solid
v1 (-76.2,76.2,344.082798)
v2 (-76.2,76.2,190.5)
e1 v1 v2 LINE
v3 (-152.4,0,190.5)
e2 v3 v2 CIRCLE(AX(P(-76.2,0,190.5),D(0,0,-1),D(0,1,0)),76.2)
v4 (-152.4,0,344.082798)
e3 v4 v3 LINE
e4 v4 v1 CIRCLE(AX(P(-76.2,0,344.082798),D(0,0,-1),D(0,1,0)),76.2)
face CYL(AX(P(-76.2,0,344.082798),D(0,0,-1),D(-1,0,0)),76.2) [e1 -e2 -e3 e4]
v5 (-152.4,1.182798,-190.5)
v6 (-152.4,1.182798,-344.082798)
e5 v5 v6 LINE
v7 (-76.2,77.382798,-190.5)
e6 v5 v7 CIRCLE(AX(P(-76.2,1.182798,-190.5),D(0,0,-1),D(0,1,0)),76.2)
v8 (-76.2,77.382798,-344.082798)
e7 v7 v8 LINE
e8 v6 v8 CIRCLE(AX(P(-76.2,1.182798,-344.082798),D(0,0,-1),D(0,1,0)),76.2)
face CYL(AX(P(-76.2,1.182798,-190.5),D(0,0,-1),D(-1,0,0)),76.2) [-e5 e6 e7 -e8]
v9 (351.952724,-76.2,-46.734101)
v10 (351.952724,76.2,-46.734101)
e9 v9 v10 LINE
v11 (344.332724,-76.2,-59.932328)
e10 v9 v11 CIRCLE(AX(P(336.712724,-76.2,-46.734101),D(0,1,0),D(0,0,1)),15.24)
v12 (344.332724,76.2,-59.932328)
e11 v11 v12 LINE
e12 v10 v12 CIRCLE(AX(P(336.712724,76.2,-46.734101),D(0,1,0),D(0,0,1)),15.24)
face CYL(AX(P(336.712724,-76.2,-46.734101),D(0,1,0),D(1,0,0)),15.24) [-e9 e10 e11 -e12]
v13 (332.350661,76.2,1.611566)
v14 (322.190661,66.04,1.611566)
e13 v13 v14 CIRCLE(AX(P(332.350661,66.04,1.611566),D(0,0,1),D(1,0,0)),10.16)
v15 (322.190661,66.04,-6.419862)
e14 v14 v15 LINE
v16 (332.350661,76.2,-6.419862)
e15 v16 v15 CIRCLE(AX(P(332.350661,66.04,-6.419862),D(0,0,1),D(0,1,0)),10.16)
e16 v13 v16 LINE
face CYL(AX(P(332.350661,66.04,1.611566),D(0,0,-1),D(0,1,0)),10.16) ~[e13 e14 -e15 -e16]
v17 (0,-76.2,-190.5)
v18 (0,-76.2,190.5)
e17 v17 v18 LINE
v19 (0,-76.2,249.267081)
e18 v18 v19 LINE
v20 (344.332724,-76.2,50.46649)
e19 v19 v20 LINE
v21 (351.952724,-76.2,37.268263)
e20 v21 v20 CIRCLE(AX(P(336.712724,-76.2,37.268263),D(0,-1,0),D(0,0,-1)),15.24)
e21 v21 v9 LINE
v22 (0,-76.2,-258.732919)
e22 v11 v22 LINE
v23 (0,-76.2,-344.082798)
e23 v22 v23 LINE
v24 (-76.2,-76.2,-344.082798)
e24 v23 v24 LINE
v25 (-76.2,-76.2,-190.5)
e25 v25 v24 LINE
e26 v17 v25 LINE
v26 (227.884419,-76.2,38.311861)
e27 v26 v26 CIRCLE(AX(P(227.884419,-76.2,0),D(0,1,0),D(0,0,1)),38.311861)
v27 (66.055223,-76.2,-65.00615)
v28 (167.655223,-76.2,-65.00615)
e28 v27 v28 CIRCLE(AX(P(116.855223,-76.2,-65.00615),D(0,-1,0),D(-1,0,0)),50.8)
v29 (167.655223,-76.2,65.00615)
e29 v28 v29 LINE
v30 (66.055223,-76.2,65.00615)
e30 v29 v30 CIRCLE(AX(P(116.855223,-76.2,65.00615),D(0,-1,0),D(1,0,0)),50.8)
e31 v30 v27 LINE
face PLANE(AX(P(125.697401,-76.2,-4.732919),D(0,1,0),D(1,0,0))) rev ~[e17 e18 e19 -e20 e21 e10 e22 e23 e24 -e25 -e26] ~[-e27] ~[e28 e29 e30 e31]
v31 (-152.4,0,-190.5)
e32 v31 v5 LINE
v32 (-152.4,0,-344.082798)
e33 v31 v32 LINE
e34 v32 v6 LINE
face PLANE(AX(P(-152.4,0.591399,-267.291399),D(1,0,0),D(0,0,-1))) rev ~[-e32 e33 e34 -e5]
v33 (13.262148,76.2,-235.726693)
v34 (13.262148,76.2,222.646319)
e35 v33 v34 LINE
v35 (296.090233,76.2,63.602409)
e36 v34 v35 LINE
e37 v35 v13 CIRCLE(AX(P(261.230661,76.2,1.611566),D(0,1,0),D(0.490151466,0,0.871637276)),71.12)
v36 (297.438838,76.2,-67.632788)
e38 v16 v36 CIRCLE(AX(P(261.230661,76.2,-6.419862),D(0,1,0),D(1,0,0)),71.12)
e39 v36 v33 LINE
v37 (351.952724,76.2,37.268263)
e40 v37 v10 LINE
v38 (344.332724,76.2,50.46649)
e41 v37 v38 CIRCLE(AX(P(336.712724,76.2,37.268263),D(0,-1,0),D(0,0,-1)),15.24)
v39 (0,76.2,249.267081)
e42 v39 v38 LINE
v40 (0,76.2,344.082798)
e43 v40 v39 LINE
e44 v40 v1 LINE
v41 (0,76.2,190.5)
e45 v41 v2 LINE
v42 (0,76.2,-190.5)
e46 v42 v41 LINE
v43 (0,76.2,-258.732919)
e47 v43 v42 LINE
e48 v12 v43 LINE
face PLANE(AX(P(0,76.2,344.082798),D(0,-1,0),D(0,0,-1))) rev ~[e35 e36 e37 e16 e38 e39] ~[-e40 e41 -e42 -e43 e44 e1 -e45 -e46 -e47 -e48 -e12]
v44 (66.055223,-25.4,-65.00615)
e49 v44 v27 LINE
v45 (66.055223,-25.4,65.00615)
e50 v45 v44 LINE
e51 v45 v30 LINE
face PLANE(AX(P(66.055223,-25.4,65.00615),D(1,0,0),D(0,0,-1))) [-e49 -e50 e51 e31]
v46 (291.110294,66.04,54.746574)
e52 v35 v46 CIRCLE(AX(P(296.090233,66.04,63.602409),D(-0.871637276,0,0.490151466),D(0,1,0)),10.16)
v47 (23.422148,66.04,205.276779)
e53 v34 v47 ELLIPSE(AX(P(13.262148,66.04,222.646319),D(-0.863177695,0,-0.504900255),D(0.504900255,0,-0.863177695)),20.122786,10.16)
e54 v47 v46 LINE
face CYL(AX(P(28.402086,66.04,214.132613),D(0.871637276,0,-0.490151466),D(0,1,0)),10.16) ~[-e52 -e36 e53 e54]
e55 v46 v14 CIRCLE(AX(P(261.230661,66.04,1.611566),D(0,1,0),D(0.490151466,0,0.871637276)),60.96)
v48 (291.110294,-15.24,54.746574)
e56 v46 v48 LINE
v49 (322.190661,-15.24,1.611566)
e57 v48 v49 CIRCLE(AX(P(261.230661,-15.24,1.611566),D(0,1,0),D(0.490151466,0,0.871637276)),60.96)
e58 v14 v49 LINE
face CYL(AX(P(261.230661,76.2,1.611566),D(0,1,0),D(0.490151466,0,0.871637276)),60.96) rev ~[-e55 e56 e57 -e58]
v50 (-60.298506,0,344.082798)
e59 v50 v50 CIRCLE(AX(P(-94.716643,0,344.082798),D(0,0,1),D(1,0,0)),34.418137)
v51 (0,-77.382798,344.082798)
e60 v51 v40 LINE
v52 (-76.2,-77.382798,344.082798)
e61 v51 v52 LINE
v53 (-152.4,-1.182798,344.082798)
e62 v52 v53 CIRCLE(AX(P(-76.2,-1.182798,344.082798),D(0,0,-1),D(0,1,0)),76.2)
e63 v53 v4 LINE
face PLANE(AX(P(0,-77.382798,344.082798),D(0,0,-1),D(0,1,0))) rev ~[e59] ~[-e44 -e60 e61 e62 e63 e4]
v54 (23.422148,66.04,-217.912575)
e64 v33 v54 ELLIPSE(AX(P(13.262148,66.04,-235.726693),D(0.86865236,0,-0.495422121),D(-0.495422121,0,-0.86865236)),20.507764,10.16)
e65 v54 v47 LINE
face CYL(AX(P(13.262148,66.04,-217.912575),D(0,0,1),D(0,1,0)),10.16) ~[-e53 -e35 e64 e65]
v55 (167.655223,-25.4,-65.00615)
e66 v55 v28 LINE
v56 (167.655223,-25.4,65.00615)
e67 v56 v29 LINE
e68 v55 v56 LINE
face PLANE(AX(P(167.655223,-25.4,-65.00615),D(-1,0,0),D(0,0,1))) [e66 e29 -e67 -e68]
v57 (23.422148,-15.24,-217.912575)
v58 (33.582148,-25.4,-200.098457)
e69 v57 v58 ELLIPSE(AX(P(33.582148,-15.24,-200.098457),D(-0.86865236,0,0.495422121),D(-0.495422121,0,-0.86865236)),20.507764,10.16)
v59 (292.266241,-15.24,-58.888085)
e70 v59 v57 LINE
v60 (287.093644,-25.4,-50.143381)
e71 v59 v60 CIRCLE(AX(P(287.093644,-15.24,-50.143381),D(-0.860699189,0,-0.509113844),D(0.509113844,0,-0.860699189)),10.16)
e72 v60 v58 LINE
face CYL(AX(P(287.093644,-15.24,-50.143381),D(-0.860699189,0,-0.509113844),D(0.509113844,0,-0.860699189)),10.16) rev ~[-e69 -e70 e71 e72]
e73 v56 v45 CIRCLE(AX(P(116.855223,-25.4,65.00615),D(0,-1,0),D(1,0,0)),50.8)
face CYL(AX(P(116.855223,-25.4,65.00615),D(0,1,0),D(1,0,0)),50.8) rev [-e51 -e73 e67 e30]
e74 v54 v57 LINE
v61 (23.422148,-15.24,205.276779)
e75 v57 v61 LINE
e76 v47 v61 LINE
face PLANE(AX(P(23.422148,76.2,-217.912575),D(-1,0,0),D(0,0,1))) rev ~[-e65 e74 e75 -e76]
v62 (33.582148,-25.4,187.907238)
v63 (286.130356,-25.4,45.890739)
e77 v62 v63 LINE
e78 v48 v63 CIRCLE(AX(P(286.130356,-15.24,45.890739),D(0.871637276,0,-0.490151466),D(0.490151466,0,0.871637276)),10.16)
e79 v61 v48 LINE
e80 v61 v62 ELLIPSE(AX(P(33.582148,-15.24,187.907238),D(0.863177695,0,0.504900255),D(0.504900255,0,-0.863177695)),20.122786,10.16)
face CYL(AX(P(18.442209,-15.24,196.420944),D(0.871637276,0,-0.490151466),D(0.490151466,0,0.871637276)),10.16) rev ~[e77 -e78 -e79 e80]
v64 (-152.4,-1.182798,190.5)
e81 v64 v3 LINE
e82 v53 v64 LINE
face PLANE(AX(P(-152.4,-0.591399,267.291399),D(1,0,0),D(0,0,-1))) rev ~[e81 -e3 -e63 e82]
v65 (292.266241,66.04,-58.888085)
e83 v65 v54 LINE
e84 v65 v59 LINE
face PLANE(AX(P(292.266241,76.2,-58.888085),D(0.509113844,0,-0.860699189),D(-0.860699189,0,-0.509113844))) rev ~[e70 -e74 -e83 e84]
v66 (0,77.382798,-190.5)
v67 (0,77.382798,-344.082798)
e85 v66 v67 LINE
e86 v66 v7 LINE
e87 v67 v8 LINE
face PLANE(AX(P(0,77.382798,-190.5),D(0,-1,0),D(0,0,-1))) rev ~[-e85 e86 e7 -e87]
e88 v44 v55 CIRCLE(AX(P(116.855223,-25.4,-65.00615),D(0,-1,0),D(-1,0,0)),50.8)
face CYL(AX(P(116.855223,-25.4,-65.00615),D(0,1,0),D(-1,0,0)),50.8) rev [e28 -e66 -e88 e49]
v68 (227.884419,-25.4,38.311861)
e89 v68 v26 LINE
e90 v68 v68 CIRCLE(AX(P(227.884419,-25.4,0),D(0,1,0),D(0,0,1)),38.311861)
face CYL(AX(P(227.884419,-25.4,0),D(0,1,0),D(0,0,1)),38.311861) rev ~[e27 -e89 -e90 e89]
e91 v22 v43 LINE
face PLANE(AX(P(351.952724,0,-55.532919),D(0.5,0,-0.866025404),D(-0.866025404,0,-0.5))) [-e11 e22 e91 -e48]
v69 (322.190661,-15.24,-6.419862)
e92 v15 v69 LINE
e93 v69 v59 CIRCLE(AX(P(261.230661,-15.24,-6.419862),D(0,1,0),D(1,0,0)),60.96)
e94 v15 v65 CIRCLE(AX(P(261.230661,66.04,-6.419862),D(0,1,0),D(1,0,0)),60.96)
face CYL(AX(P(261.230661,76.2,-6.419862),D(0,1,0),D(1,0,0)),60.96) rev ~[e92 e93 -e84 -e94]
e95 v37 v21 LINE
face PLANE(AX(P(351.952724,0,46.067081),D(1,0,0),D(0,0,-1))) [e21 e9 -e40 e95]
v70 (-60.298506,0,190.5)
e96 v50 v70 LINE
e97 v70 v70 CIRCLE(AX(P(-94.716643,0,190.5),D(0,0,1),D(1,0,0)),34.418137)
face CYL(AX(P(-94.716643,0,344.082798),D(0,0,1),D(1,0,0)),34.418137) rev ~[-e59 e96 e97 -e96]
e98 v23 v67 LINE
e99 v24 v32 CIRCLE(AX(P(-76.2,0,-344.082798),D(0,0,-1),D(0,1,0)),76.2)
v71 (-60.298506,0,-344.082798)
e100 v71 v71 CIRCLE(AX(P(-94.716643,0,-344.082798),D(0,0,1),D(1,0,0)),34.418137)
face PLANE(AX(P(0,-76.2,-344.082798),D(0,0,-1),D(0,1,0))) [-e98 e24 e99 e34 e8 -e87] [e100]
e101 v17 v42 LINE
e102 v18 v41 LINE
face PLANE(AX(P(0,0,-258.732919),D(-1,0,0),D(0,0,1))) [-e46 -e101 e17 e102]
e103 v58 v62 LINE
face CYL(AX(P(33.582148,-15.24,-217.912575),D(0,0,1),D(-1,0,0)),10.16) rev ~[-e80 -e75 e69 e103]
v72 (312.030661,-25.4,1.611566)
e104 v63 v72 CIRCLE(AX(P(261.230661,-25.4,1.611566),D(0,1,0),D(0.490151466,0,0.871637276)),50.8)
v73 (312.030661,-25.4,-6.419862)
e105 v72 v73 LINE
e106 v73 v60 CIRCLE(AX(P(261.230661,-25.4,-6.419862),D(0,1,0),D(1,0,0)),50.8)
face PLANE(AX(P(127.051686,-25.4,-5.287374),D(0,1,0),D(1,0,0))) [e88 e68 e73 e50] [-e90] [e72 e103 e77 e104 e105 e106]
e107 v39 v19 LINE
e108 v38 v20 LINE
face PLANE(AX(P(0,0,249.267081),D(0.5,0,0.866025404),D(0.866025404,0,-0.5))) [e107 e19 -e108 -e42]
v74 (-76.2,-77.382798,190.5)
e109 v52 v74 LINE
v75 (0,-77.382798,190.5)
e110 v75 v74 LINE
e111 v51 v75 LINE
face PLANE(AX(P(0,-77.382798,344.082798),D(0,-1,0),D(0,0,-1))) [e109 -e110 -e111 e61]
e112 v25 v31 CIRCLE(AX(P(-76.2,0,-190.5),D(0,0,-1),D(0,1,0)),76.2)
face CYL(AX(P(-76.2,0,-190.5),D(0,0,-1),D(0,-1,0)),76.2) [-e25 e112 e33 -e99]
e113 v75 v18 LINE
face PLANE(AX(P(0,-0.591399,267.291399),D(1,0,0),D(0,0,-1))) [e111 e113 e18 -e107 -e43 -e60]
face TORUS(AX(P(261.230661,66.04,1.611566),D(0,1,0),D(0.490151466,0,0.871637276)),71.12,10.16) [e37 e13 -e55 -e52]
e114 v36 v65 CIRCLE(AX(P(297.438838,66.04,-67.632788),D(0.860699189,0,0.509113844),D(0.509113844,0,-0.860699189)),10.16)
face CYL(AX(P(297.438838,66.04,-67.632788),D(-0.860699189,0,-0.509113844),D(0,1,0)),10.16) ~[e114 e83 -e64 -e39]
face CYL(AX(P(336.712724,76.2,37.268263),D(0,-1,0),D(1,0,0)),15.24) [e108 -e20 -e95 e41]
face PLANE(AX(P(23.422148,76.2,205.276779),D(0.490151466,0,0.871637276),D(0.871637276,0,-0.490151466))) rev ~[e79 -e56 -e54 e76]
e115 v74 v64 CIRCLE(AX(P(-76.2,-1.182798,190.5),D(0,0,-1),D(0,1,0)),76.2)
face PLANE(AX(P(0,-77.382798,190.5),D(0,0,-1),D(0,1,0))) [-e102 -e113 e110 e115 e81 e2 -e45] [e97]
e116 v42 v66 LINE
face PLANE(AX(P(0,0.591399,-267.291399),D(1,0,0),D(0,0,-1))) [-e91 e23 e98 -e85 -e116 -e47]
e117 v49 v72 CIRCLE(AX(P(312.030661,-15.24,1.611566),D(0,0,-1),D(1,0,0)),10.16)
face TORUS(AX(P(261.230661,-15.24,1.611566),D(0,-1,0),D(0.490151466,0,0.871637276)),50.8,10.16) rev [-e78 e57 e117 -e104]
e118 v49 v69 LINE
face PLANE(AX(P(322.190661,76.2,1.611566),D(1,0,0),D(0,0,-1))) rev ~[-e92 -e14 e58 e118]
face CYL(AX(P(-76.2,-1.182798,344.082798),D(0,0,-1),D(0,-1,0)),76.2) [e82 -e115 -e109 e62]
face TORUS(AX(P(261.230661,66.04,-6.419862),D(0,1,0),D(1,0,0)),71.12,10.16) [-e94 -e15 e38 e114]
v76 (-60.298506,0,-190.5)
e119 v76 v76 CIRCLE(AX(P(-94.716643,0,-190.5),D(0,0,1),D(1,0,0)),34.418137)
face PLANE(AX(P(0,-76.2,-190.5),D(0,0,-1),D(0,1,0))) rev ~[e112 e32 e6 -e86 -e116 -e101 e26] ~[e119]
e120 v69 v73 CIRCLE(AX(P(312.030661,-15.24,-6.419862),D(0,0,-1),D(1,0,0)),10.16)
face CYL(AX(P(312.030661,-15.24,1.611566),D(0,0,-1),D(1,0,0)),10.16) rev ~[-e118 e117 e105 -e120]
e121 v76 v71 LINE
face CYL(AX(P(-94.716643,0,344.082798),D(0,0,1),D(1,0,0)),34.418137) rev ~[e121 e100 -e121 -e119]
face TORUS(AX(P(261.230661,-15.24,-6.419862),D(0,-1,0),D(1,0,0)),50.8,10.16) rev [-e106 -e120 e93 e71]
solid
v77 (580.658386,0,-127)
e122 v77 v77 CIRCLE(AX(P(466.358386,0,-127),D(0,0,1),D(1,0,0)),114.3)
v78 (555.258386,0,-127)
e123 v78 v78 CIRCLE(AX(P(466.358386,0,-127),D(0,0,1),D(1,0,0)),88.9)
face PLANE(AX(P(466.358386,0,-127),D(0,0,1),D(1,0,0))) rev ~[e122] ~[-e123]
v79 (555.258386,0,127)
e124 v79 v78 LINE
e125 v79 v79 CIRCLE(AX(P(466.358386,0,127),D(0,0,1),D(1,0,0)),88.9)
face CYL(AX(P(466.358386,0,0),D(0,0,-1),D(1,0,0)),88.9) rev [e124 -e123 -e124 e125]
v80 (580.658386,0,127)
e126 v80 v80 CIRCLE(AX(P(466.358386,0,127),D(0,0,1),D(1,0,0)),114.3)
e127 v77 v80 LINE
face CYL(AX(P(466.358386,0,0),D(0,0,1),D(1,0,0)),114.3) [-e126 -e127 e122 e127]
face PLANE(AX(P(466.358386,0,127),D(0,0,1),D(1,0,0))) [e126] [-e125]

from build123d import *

# Parameters (mm, degrees)
BOSS_EXTRUDE1_DEPTH = 76.2
CUT_EXTRUDE1_DEPTH  = 101.6
SKETCH4_R           = 38.311860733
CUT_EXTRUDE2_DEPTH  = 50.8
FILLET1_R           = 10.16
SKETCH5_R           = 114.3
SKETCH5_R_2         = 88.9
BOSS_EXTRUDE2_DEPTH = 127
FILLET2_R           = 15.24
SKETCH7_W           = 153.582797675
SKETCH7_H           = 153.582797675
BOSS_EXTRUDE3_DEPTH = 152.4
SKETCH8_R           = 34.418137162
CUT_EXTRUDE3_DEPTH  = 778.002
FILLET3_R           = 76.2


with BuildPart() as part:
    # Sketch2 → Boss-Extrude1 (new, symmetric)
    with BuildSketch(Plane(origin=(0, 0, 0), x_dir=(1, 0, 0), z_dir=(0, 1, 0))):
        Polygon((351.952724098, -46.067080745), (351.952724098, 55.532919255), (0, 258.732919255), (0, -249.267080745), align=None)
    extrude(amount=BOSS_EXTRUDE1_DEPTH, both=True)

    # Sketch3 → Cut-Extrude1 (cut)
    with BuildSketch(Plane(origin=(0, 76.2, 0), x_dir=(1, 0, 0), z_dir=(0, 1, 0))):
        with BuildLine():
            Line((23.422147566, 217.912574818), (23.422147566, -205.276778605))
            Line((23.422147566, -205.276778605), (291.110294463, -54.746573984))
            ThreePointArc((291.110294463, -54.746573984), (313.849973398, -32.39028517), (322.190661125, -1.611565641))
            Line((322.190661125, -1.611565641), (322.190661125, 6.419861947))
            ThreePointArc((322.190661125, 6.419861947), (314.18370897, 36.620794448), (292.266241049, 58.888084508))
            Line((292.266241049, 58.888084508), (23.422147566, 217.912574818))
        make_face()
    extrude(amount=-CUT_EXTRUDE1_DEPTH, mode=Mode.SUBTRACT)

    # Sketch4 → Cut-Extrude2 (cut)
    with BuildSketch(Plane(origin=(0, -25.4, 0), x_dir=(1, 0, 0), z_dir=(0, 1, 0))):
        with Locations(Location((227.884419444, 0, 0), (0, 0, 270))):
            Circle(SKETCH4_R)
        with BuildLine():
            Line((167.655223077, 65.006150223), (167.655223077, -65.006150223))
            ThreePointArc((167.655223077, -65.006150223), (116.855223077, -115.806150223), (66.055223077, -65.006150223))
            Line((66.055223077, -65.006150223), (66.055223077, 65.006150223))
            ThreePointArc((66.055223077, 65.006150223), (116.855223077, 115.806150223), (167.655223077, 65.006150223))
        make_face()
    extrude(amount=-CUT_EXTRUDE2_DEPTH, mode=Mode.SUBTRACT)

    # Fillet1
    fillet1_edges = [part.edges().sort_by_distance(p)[0] for p in [
        (157.844194307, -25.4, -138.400329663),
        (314.18370897, -25.4, -36.620794448),
        (322.190661125, -25.4, -2.404148153),
        (313.849973398, -25.4, 32.39028517),
        (157.266221015, -25.4, 130.011676294),
        (23.422147566, -25.4, -6.317898106),
        (157.844194307, 76.2, -138.400329663),
        (23.422147566, 76.2, -6.317898106),
        (157.266221015, 76.2, 130.011676294),
        (313.849973398, 76.2, 32.39028517),
        (322.190661125, 76.2, -2.404148153),
        (314.18370897, 76.2, -36.620794448),
    ]]
    fillet(fillet1_edges, radius=FILLET1_R)

    # Fillet2
    fillet2_edges = [part.edges().sort_by_distance(p)[0] for p in [
        (351.952724098, 0, -55.532919255),
        (351.952724098, 0, 46.067080745),
    ]]
    fillet(fillet2_edges, radius=FILLET2_R)

    # Sketch7 → Boss-Extrude3 (add)
    with BuildSketch(Plane(origin=(0, 0, 0), x_dir=(0, 0, -1), z_dir=(1, 0, 0))):
        with Locations((-267.291398837, -0.591398838)):
            Rectangle(SKETCH7_W, SKETCH7_H)
        with Locations((267.291398837, 0.591398838)):
            Rectangle(SKETCH7_W, SKETCH7_H)
    extrude(amount=-BOSS_EXTRUDE3_DEPTH)

    # Sketch8 → Cut-Extrude3 (cut)
    with BuildSketch(Plane.XY.offset(344.082797675)):
        with Locations((-94.716643382, 0)):
            Circle(SKETCH8_R)
    extrude(amount=-CUT_EXTRUDE3_DEPTH, mode=Mode.SUBTRACT)

    # Fillet3
    fillet3_edges = [part.edges().sort_by_distance(p)[0] for p in [
        (-152.4, -77.382797675, 267.291398837),
        (-152.4, 76.2, 267.291398837),
        (-152.4, -76.2, -267.291398837),
        (-152.4, 77.382797675, -267.291398837),
    ]]
    fillet(fillet3_edges, radius=FILLET3_R)


with BuildPart() as body_2:
    # Sketch5 → Boss-Extrude2 (new, symmetric)
    with BuildSketch(Plane.XY):
        with Locations((466.358385684, 0)):
            Circle(SKETCH5_R)
        with Locations((466.358385684, 0)):
            Circle(SKETCH5_R_2, mode=Mode.SUBTRACT)
    extrude(amount=BOSS_EXTRUDE2_DEPTH, both=True)


solid = Compound([part.part, body_2.part])
